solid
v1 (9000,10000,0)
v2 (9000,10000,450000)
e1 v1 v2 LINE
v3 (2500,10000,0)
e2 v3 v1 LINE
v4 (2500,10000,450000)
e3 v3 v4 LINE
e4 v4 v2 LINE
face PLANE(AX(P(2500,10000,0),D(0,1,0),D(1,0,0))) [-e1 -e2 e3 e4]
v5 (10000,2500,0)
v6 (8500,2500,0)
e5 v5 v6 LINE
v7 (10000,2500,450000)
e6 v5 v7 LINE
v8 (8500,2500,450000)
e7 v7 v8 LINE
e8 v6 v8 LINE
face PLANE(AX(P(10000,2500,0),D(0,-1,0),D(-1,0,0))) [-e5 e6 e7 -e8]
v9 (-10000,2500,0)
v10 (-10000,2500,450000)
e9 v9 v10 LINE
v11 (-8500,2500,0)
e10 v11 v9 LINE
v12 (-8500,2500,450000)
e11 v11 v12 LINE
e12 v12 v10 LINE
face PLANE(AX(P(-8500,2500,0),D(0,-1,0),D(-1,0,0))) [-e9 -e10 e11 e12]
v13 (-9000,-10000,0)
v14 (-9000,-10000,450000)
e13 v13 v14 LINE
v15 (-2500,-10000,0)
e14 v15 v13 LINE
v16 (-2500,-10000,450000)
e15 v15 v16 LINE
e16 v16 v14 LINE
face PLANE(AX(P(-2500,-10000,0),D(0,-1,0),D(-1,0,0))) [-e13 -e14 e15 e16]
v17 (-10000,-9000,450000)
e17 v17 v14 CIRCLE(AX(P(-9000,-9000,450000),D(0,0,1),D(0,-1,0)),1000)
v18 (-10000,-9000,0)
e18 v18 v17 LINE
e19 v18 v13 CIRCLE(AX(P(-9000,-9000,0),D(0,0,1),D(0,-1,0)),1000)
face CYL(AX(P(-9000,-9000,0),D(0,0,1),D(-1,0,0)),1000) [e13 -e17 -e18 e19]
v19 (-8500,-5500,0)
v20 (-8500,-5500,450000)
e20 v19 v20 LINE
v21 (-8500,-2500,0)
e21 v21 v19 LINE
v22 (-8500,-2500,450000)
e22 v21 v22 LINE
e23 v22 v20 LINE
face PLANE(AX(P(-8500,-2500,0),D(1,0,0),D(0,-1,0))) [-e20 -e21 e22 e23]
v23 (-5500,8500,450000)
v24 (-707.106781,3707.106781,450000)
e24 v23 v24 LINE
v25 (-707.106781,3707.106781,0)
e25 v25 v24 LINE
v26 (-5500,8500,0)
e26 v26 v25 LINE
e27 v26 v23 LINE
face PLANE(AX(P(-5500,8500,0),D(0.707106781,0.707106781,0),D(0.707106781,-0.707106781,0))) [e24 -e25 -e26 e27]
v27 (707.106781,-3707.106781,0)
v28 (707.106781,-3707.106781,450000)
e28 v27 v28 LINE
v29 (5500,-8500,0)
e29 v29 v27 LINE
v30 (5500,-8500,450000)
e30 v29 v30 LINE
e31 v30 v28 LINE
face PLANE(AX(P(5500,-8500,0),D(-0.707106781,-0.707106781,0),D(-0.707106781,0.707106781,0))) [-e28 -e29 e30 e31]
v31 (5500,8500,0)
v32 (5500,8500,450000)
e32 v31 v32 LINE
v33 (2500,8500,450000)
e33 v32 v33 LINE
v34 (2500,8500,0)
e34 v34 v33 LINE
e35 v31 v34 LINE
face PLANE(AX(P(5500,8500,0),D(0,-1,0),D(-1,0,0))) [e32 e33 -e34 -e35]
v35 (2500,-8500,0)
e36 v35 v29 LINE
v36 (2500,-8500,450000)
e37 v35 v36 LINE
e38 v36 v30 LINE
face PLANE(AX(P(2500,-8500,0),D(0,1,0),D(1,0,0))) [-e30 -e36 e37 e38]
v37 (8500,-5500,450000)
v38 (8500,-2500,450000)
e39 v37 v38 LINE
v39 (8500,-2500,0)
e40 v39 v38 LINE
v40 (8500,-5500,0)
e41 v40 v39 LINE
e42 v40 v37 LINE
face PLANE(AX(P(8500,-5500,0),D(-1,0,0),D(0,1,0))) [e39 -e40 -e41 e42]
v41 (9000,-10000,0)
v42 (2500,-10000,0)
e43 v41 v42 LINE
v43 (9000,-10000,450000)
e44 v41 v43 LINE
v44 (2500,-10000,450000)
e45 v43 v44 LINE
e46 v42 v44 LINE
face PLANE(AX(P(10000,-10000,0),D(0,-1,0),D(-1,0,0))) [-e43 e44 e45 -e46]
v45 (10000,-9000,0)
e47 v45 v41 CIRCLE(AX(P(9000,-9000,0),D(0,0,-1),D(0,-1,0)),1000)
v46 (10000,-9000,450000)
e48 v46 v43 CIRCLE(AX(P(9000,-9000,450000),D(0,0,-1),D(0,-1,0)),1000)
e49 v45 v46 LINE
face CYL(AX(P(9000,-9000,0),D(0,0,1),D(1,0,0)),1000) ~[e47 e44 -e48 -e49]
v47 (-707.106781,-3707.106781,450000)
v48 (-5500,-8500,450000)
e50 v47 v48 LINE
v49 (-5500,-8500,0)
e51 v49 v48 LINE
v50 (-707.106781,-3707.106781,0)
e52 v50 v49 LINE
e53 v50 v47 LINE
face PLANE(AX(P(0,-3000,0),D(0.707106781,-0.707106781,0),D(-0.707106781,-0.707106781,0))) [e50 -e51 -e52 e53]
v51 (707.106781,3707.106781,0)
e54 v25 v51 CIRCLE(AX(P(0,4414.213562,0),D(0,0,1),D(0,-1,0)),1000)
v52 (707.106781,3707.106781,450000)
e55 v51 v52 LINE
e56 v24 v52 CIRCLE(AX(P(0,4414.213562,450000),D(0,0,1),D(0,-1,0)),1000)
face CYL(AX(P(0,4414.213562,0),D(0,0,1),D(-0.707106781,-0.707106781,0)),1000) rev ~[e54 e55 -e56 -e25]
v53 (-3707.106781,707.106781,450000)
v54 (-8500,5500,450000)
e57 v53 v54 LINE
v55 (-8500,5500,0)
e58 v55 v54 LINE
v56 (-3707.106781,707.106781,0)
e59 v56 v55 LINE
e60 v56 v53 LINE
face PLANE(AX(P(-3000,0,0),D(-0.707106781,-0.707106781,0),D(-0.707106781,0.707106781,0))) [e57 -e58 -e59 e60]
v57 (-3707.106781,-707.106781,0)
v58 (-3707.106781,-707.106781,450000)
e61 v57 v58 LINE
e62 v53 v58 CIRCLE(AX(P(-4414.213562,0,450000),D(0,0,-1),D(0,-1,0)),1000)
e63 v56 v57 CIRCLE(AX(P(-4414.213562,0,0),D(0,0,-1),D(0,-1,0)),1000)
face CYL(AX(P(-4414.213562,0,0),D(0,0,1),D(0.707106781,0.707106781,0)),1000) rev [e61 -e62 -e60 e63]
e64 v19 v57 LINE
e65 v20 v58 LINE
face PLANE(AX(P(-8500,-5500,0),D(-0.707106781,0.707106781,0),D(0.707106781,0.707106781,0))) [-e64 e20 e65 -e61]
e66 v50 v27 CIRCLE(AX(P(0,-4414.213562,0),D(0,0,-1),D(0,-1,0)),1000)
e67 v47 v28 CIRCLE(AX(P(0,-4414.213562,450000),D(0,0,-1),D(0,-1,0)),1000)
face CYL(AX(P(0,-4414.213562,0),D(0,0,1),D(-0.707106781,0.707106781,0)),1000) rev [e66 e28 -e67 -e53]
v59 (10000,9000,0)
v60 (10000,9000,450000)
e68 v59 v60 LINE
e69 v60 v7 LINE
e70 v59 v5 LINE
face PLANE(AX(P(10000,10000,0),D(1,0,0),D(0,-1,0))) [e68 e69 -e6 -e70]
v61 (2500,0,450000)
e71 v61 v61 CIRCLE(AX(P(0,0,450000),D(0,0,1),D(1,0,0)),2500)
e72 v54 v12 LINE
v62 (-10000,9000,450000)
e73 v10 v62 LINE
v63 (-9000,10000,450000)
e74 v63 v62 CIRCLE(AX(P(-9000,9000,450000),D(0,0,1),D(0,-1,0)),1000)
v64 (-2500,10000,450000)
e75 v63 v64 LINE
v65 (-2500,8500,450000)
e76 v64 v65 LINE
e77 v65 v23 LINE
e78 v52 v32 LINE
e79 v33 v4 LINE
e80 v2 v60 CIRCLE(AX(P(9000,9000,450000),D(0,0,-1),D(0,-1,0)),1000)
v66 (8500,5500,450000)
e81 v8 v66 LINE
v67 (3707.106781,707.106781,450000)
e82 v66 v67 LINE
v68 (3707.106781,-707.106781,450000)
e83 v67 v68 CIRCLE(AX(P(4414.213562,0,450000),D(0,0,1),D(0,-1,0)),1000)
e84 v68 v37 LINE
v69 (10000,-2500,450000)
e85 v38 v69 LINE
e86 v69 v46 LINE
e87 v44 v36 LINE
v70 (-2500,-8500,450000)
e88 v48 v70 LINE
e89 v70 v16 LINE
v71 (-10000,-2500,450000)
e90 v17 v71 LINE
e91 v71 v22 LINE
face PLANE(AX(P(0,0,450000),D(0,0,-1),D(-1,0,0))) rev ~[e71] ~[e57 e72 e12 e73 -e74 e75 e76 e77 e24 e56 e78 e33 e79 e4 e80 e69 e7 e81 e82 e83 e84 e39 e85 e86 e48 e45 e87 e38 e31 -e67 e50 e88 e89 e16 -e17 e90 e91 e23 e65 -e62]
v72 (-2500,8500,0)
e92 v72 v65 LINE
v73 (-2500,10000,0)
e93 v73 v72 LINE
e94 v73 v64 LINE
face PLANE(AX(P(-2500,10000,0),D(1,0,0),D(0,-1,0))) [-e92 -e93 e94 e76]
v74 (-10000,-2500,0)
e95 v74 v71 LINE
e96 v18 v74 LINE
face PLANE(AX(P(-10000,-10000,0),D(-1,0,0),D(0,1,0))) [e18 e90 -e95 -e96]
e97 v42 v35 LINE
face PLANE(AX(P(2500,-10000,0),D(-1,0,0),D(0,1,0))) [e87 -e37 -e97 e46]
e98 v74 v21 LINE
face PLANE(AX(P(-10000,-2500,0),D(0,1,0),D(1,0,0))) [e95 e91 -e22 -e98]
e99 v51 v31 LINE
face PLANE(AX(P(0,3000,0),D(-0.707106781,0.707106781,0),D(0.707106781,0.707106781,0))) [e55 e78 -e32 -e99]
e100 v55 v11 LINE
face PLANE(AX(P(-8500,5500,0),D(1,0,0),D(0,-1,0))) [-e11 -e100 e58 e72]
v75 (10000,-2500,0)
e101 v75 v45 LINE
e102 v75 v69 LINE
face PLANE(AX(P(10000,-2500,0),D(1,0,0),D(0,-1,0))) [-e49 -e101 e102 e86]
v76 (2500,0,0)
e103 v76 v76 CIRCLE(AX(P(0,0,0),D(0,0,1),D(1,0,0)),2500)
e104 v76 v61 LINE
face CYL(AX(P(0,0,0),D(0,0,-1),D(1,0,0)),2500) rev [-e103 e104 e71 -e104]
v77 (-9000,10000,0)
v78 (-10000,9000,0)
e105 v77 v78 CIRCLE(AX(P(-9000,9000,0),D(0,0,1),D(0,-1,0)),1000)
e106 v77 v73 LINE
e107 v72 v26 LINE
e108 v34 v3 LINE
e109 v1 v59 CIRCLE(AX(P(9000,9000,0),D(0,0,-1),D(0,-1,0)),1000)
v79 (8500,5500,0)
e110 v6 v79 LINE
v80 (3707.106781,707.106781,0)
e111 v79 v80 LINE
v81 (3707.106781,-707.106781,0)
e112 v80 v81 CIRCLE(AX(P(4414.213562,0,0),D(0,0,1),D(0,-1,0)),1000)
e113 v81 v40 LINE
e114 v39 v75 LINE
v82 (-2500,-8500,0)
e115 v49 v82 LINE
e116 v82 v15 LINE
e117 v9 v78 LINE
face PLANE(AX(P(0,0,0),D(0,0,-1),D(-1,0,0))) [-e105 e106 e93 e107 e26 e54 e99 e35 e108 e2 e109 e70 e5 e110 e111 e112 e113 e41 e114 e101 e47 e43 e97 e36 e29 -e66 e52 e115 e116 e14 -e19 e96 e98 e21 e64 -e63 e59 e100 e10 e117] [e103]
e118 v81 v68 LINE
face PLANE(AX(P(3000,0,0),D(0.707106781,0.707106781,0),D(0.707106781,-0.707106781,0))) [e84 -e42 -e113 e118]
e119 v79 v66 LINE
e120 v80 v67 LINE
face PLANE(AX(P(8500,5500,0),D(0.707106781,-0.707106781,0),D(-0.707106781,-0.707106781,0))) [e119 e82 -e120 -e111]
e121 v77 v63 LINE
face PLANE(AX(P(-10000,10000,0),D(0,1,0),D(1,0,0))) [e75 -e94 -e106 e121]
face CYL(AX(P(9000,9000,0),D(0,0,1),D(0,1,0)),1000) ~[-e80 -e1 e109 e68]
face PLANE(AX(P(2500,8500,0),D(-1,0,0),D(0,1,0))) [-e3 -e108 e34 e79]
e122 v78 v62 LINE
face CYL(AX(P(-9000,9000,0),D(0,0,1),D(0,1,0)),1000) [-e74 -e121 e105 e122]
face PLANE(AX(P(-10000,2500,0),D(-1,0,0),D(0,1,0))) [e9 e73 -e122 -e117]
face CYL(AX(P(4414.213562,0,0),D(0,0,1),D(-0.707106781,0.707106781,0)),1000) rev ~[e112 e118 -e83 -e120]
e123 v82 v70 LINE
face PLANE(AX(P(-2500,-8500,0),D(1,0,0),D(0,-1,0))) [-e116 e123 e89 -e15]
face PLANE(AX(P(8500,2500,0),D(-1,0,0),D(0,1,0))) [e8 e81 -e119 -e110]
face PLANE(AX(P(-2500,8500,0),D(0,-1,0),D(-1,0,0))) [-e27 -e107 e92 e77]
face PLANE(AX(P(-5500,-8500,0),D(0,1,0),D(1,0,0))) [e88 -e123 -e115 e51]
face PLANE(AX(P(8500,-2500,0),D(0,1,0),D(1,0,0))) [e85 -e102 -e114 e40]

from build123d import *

# Parameters (mm, degrees)
SKETCH_1_R      = 2500
EXTRUDE_1_DEPTH = 450000
FILLET_1_R      = 1000
FILLET_2_R      = 1000


with BuildPart() as part:
    # 草圖1 → 填料-伸長1 (new body)
    with BuildSketch(Plane.XY):
        Polygon((-2500, 10000), (-2500, 8500), (-5500, 8500), (0, 3000), (5500, 8500), (2500, 8500), (2500, 10000), (10000, 10000), (10000, 2500), (8500, 2500), (8500, 5500), (3000, 0), (8500, -5500), (8500, -2500), (10000, -2500), (10000, -10000), (2500, -10000), (2500, -8500), (5500, -8500), (0, -3000), (-5500, -8500), (-2500, -8500), (-2500, -10000), (-10000, -10000), (-10000, -2500), (-8500, -2500), (-8500, -5500), (-3000, 0), (-8500, 5500), (-8500, 2500), (-10000, 2500), (-10000, 10000), align=None)
        Circle(SKETCH_1_R, mode=Mode.SUBTRACT)
    extrude(amount=EXTRUDE_1_DEPTH)

    # 圓角1
    fillet_1_edges = [part.edges().sort_by_distance(p)[0] for p in [
        (0, -3000, 225000),
        (-3000, 0, 225000),
        (0, 3000, 225000),
        (3000, 0, 225000),
    ]]
    fillet(fillet_1_edges, radius=FILLET_1_R)

    # 圓角2
    fillet_2_edges = [part.edges().sort_by_distance(p)[0] for p in [
        (-10000, -10000, 225000),
        (-10000, 10000, 225000),
        (10000, 10000, 225000),
        (10000, -10000, 225000),
    ]]
    fillet(fillet_2_edges, radius=FILLET_2_R)


solid = part.part
